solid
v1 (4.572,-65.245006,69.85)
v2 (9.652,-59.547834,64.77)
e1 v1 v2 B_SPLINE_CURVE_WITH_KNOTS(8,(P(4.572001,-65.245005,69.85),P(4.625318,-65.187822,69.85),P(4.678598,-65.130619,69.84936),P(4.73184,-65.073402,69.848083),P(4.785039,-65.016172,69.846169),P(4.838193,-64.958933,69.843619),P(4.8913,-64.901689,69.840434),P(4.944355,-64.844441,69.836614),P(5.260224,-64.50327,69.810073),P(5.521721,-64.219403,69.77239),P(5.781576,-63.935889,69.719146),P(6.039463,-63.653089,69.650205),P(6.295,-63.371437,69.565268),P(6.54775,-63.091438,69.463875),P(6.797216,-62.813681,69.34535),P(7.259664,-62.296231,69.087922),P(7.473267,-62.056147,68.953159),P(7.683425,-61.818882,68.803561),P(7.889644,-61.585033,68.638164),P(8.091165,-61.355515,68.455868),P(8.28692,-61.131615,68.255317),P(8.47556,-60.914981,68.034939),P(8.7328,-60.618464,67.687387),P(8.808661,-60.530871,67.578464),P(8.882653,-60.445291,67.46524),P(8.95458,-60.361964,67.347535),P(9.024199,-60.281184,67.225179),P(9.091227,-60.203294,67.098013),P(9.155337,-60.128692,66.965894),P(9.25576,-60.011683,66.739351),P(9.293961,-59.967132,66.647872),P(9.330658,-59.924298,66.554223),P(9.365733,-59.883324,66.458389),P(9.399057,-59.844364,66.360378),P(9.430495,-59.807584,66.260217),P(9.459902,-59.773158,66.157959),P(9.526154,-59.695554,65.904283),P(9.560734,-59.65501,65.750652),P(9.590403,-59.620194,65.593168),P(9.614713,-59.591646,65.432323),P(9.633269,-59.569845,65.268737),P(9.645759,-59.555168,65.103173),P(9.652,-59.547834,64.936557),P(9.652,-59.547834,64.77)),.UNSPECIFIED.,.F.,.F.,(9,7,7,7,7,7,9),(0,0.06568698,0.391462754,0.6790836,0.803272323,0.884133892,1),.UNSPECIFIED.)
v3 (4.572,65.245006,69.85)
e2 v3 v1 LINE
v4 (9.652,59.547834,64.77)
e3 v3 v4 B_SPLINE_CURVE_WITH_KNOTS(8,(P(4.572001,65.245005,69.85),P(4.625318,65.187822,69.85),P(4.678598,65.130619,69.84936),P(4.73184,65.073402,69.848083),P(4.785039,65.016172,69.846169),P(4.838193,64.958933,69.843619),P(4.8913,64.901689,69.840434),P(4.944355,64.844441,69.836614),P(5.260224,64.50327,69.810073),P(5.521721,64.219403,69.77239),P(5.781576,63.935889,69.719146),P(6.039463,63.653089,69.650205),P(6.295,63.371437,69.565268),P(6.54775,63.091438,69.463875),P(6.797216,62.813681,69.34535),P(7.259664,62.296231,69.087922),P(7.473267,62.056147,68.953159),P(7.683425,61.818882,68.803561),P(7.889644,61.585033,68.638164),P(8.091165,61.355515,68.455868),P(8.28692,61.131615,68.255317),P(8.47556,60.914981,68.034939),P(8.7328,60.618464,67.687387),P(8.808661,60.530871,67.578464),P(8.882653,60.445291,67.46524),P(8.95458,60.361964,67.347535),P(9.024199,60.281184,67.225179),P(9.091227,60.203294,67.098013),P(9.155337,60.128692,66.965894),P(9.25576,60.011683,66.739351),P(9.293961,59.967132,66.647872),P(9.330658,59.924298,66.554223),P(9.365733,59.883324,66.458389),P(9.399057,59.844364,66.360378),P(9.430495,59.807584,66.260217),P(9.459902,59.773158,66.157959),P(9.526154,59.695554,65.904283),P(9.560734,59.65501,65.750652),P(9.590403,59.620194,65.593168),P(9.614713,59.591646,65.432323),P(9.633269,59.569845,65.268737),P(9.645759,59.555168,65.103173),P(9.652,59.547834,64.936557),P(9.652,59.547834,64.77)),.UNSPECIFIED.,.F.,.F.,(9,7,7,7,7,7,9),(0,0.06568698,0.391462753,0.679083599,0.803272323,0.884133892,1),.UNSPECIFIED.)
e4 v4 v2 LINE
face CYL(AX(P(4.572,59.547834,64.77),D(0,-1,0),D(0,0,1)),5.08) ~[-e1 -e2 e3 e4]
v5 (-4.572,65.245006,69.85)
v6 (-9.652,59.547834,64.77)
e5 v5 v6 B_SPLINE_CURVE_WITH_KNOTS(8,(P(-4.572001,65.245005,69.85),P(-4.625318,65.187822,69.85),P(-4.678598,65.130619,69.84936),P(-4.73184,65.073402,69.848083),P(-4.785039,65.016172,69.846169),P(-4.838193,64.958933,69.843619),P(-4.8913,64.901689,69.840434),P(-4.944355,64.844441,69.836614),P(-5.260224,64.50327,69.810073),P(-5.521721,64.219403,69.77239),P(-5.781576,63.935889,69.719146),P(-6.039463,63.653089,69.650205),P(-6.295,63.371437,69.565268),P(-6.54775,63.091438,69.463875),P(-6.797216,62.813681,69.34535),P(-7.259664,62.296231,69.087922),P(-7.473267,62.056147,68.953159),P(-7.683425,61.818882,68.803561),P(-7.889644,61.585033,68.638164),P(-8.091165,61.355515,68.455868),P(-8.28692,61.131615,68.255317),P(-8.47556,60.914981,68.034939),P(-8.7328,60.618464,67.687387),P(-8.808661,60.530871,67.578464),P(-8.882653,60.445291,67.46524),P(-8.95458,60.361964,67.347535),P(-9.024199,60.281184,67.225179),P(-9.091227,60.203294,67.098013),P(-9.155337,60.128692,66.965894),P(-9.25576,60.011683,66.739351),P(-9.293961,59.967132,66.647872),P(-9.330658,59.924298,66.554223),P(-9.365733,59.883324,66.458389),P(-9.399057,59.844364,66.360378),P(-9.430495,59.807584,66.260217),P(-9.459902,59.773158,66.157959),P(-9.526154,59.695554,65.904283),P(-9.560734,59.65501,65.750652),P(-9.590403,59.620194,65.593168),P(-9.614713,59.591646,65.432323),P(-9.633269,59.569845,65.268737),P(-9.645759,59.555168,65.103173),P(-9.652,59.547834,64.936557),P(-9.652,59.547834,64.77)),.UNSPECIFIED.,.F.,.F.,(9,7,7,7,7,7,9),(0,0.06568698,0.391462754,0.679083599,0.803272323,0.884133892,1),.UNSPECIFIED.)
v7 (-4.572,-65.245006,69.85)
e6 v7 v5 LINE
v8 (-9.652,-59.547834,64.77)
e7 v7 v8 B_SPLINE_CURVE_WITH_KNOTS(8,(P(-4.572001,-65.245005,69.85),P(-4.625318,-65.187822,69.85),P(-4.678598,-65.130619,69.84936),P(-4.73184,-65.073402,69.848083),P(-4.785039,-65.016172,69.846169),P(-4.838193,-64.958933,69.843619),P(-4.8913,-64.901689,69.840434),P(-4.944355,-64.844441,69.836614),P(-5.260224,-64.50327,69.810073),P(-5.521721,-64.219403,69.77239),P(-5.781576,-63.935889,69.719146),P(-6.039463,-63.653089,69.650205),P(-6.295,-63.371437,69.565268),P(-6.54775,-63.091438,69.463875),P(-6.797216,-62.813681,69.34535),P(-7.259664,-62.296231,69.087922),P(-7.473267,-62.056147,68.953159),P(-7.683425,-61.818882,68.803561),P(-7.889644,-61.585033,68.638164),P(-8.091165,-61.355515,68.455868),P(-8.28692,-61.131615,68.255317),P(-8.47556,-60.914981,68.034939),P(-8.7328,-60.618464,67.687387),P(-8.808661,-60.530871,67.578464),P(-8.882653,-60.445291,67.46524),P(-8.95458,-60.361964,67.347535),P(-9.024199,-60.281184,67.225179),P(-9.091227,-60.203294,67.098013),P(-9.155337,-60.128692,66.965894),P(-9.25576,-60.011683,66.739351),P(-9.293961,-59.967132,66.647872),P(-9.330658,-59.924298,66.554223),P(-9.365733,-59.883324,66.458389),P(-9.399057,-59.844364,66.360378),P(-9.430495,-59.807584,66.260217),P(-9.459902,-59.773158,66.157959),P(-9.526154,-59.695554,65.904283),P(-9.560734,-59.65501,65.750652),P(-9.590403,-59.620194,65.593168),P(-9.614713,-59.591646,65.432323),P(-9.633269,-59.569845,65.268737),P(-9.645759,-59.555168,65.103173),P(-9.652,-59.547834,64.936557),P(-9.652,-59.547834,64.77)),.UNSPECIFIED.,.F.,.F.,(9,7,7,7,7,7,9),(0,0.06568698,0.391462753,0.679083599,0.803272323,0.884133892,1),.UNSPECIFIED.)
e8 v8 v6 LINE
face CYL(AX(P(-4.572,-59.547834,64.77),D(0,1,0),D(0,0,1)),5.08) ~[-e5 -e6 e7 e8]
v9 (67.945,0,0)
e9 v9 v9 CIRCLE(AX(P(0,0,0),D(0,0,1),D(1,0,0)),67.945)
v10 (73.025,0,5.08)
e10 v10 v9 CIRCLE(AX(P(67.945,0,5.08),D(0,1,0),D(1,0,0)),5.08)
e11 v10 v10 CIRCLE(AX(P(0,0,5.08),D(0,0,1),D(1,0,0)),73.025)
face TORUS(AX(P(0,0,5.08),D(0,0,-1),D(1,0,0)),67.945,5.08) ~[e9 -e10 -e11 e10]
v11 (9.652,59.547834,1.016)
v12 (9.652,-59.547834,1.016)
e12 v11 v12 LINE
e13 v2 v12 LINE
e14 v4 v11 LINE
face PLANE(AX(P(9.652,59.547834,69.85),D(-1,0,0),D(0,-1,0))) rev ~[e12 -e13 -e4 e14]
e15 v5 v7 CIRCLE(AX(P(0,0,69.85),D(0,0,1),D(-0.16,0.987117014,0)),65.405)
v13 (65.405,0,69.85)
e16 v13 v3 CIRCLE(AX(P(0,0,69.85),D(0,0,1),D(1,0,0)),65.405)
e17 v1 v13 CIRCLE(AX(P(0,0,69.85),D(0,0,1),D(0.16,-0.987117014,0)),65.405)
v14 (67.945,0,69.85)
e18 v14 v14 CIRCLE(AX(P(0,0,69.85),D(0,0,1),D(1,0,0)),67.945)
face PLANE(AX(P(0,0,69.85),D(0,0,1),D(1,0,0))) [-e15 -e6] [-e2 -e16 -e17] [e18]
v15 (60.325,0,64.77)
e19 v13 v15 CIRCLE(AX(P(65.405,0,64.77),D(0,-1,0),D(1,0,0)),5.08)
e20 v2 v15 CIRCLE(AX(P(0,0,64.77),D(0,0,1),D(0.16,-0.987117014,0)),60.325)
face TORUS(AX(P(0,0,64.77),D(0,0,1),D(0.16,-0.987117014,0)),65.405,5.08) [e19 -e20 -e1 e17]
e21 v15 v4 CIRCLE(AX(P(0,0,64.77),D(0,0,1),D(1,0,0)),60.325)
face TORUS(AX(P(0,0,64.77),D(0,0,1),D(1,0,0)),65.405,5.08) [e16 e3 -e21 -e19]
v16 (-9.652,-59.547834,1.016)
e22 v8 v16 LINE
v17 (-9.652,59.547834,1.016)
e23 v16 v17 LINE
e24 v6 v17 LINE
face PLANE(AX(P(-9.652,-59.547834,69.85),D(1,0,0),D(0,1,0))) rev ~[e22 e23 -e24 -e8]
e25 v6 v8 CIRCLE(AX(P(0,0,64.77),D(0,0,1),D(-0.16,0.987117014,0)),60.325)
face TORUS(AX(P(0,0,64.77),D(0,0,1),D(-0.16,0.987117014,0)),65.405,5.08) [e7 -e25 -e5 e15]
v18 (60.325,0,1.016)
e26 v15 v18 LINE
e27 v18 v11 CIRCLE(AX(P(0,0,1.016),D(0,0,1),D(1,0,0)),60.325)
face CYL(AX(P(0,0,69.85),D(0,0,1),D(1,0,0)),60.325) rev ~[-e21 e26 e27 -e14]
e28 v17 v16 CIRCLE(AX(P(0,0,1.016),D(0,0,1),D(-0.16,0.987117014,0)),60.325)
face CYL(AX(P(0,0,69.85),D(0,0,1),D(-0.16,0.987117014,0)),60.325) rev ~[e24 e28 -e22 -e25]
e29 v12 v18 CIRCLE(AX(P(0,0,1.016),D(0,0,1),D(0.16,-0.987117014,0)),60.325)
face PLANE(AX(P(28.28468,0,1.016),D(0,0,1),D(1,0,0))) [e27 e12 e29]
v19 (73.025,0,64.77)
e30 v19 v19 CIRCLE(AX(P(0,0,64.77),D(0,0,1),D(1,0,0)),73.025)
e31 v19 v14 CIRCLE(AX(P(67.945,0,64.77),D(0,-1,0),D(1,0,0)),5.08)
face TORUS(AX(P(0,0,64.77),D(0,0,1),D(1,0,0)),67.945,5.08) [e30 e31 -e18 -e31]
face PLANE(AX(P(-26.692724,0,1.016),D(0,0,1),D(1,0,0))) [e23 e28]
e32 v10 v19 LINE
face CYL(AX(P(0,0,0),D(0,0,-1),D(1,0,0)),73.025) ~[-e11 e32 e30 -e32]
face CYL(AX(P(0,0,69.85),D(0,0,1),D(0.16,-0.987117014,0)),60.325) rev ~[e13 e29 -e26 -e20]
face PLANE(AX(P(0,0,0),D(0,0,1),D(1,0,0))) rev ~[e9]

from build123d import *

# Parameters (mm, degrees)
F0_R     = 73.025
F1_DEPTH = 69.85
F3_DEPTH = 68.834
F4_R     = 5.08


with BuildPart() as f1:
    # F0 (on Top) → F1 (new body)
    with BuildSketch(Plane.XY):
        Circle(F0_R)
    extrude(amount=F1_DEPTH)

    # F2 (on face) → F3 (cut)
    with BuildSketch(Plane.XY.offset(69.85)):
        with BuildLine():
            Line((-9.652, 0), (-9.652, 59.5478338901))
            ThreePointArc((-9.652, 59.5478338901), (-60.325, 0), (-9.652, -59.5478338901))
            Line((-9.652, -59.5478338901), (-9.652, 0))
        make_face()
        with BuildLine():
            ThreePointArc((9.652, -59.5478338901), (45.9421512611, -39.0950682631), (60.325, 0))
            ThreePointArc((60.325, 0), (45.9421512611, 39.0950682631), (9.652, 59.5478338901))
            Line((9.652, 59.5478338901), (9.652, 0))
            Line((9.652, 0), (9.652, -59.5478338901))
        make_face()
    extrude(amount=-F3_DEPTH, mode=Mode.SUBTRACT)

    # F4
    f4_edges = [f1.edges().sort_by_distance(p)[0] for p in [
        (-73.025, 0, 69.85),
        (9.652, 0, 69.85),
        (60.325, 0, 69.85),
        (-9.652, 0, 69.85),
        (-60.325, 0, 69.85),
        (-73.025, 0, 0),
    ]]
    fillet(f4_edges, radius=F4_R)


solid = f1.part
